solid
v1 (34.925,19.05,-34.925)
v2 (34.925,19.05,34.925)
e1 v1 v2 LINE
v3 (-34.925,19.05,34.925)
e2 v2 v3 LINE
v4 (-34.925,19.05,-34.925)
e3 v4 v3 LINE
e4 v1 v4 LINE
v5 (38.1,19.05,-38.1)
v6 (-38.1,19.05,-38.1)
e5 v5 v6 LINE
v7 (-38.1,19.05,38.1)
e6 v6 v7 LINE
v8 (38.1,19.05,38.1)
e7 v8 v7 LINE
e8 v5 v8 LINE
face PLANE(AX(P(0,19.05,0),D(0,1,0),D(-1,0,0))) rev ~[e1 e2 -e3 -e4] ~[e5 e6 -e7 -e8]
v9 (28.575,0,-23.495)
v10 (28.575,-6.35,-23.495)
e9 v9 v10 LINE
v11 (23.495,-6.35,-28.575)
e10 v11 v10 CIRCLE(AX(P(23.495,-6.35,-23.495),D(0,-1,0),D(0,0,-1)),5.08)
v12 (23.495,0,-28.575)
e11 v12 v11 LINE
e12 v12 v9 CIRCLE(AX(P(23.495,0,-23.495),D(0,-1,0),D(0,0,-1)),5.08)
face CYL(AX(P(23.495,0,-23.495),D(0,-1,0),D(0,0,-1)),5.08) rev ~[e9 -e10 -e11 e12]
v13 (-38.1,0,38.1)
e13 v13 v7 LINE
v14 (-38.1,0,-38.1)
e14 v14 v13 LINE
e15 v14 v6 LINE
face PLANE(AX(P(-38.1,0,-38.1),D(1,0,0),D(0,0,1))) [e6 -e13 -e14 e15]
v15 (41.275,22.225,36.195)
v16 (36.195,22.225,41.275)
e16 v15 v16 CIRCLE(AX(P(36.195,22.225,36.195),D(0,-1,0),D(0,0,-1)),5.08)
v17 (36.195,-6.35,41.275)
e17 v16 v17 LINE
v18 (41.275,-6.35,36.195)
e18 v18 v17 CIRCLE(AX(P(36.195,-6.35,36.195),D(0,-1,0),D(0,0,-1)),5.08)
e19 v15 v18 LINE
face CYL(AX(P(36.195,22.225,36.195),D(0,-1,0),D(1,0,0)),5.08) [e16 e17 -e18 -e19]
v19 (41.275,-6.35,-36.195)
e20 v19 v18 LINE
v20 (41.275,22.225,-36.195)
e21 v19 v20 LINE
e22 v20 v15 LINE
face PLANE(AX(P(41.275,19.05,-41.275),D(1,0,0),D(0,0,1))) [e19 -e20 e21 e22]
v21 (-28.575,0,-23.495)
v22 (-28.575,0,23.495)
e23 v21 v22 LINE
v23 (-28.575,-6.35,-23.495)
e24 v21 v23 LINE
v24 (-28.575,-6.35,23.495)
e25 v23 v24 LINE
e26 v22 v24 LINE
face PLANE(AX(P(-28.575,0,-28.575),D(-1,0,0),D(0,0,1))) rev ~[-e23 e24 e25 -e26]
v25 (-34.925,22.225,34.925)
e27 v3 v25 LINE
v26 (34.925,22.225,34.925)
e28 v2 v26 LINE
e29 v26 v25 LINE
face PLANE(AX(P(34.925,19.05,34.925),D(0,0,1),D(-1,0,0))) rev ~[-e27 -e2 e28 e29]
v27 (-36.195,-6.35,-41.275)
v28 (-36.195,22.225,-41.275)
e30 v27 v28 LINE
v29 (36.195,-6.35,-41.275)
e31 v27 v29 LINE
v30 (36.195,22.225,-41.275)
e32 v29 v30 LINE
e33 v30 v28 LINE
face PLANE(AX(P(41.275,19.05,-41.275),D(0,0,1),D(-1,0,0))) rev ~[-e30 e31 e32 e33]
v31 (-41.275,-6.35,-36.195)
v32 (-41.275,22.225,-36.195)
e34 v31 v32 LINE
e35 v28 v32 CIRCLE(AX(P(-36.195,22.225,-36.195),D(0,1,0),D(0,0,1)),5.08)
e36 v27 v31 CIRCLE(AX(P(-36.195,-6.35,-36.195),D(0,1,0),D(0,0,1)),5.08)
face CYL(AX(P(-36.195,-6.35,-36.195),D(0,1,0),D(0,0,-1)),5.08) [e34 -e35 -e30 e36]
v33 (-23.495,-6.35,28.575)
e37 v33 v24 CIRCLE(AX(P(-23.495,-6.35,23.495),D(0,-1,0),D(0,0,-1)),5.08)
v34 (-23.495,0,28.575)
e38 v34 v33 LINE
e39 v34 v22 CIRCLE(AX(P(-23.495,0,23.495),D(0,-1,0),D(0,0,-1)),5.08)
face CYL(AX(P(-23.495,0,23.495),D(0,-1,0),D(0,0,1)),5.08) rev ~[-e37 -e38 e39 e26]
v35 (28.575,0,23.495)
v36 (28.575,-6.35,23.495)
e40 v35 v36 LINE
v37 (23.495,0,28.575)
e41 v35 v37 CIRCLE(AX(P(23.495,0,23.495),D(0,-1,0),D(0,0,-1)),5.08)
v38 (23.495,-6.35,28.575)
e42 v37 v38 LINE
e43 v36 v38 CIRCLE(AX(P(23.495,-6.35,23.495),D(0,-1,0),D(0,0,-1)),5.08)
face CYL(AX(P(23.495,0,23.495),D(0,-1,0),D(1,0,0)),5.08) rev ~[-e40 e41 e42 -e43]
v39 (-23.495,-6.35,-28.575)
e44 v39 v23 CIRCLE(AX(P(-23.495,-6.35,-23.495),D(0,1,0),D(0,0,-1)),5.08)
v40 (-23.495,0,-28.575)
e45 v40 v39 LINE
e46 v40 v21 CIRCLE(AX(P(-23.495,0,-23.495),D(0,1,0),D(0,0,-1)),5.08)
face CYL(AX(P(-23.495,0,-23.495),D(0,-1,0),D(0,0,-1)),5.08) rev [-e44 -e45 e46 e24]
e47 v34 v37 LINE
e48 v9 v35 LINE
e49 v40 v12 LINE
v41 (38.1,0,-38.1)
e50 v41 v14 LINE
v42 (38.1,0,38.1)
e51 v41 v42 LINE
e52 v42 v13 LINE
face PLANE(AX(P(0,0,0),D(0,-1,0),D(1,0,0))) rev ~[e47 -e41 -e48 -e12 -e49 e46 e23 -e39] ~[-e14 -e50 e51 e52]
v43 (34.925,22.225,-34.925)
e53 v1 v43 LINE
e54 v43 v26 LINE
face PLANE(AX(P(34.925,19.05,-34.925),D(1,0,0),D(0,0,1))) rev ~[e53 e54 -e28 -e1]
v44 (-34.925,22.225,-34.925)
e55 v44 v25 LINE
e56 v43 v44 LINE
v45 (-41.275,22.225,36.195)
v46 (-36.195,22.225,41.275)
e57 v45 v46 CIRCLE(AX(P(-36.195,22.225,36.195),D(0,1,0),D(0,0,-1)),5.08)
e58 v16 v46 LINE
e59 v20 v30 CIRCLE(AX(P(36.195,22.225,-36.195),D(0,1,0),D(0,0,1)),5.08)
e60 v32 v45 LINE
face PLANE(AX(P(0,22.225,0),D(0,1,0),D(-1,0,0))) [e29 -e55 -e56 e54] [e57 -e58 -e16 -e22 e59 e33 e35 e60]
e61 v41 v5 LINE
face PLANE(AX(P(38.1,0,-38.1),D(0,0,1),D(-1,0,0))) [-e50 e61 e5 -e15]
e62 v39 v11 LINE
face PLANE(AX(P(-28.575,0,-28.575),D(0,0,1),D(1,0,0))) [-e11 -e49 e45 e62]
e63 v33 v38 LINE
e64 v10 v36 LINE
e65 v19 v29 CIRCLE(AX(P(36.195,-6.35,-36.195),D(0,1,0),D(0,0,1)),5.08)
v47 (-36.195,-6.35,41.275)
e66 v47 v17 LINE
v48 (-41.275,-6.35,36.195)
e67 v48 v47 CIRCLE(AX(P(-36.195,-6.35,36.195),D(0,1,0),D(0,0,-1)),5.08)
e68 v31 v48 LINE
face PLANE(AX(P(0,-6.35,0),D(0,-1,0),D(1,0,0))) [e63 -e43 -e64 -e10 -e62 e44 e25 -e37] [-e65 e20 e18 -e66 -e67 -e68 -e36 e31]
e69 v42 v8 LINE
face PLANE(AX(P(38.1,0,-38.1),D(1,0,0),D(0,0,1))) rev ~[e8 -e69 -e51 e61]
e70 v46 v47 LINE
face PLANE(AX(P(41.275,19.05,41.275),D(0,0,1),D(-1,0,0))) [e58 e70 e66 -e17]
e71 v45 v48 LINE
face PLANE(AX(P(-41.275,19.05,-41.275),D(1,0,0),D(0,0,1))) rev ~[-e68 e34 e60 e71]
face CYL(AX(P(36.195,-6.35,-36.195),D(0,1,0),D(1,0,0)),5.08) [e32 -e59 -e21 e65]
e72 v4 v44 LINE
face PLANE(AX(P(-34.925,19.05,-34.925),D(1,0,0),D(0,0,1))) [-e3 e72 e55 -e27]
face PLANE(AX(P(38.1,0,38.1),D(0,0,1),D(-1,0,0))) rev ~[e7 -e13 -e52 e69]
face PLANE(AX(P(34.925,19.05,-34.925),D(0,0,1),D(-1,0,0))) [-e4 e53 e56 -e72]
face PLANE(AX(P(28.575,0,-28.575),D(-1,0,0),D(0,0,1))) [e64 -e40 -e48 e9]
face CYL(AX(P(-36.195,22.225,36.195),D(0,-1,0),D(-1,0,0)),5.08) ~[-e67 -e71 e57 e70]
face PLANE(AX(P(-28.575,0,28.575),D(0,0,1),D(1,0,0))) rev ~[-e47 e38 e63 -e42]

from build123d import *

# Parameters (mm, degrees)
F0_W     = 82.55
F0_H     = 82.55
F0_W_2   = 57.15
F0_H_2   = 57.15
F1_DEPTH = 6.35
F2_W     = 82.55
F2_H     = 82.55
F2_W_2   = 76.2
F2_H_2   = 76.2
F3_DEPTH = 19.05
F4_W     = 82.55
F4_H     = 82.55
F4_W_2   = 69.85
F4_H_2   = 69.85
F5_DEPTH = 3.175
F6_R     = 5.08
F7_R     = 5.08


with BuildPart() as f1:
    # F0 (on Front) → F1 (new body)
    with BuildSketch(Plane.XZ):
        Rectangle(F0_W, F0_H)
        Rectangle(F0_W_2, F0_H_2, mode=Mode.SUBTRACT)
    extrude(amount=F1_DEPTH)

    # F2 (on face) → F3 (join)
    with BuildSketch(Plane(origin=(0, 0, 0), x_dir=(-1, 0, 0), z_dir=(0, 1, 0))):
        Rectangle(F2_W, F2_H)
        Rectangle(F2_W_2, F2_H_2, mode=Mode.SUBTRACT)
    extrude(amount=F3_DEPTH)

    # F4 (on face) → F5 (join)
    with BuildSketch(Plane(origin=(0, 19.05, 0), x_dir=(-1, 0, 0), z_dir=(0, 1, 0))):
        Rectangle(F4_W, F4_H)
        Rectangle(F4_W_2, F4_H_2, mode=Mode.SUBTRACT)
    extrude(amount=F5_DEPTH)

    # F6
    f6_edges = [f1.edges().sort_by_distance(p)[0] for p in [
        (41.275, 7.9375, -41.275),
        (41.275, 7.9375, 41.275),
        (-41.275, 7.9375, 41.275),
        (-41.275, 7.9375, -41.275),
    ]]
    fillet(f6_edges, radius=F6_R)

    # F7
    f7_edges = [f1.edges().sort_by_distance(p)[0] for p in [
        (-28.575, -3.175, -28.575),
        (28.575, -3.175, -28.575),
        (28.575, -3.175, 28.575),
        (-28.575, -3.175, 28.575),
    ]]
    fillet(f7_edges, radius=F7_R)


solid = f1.part
